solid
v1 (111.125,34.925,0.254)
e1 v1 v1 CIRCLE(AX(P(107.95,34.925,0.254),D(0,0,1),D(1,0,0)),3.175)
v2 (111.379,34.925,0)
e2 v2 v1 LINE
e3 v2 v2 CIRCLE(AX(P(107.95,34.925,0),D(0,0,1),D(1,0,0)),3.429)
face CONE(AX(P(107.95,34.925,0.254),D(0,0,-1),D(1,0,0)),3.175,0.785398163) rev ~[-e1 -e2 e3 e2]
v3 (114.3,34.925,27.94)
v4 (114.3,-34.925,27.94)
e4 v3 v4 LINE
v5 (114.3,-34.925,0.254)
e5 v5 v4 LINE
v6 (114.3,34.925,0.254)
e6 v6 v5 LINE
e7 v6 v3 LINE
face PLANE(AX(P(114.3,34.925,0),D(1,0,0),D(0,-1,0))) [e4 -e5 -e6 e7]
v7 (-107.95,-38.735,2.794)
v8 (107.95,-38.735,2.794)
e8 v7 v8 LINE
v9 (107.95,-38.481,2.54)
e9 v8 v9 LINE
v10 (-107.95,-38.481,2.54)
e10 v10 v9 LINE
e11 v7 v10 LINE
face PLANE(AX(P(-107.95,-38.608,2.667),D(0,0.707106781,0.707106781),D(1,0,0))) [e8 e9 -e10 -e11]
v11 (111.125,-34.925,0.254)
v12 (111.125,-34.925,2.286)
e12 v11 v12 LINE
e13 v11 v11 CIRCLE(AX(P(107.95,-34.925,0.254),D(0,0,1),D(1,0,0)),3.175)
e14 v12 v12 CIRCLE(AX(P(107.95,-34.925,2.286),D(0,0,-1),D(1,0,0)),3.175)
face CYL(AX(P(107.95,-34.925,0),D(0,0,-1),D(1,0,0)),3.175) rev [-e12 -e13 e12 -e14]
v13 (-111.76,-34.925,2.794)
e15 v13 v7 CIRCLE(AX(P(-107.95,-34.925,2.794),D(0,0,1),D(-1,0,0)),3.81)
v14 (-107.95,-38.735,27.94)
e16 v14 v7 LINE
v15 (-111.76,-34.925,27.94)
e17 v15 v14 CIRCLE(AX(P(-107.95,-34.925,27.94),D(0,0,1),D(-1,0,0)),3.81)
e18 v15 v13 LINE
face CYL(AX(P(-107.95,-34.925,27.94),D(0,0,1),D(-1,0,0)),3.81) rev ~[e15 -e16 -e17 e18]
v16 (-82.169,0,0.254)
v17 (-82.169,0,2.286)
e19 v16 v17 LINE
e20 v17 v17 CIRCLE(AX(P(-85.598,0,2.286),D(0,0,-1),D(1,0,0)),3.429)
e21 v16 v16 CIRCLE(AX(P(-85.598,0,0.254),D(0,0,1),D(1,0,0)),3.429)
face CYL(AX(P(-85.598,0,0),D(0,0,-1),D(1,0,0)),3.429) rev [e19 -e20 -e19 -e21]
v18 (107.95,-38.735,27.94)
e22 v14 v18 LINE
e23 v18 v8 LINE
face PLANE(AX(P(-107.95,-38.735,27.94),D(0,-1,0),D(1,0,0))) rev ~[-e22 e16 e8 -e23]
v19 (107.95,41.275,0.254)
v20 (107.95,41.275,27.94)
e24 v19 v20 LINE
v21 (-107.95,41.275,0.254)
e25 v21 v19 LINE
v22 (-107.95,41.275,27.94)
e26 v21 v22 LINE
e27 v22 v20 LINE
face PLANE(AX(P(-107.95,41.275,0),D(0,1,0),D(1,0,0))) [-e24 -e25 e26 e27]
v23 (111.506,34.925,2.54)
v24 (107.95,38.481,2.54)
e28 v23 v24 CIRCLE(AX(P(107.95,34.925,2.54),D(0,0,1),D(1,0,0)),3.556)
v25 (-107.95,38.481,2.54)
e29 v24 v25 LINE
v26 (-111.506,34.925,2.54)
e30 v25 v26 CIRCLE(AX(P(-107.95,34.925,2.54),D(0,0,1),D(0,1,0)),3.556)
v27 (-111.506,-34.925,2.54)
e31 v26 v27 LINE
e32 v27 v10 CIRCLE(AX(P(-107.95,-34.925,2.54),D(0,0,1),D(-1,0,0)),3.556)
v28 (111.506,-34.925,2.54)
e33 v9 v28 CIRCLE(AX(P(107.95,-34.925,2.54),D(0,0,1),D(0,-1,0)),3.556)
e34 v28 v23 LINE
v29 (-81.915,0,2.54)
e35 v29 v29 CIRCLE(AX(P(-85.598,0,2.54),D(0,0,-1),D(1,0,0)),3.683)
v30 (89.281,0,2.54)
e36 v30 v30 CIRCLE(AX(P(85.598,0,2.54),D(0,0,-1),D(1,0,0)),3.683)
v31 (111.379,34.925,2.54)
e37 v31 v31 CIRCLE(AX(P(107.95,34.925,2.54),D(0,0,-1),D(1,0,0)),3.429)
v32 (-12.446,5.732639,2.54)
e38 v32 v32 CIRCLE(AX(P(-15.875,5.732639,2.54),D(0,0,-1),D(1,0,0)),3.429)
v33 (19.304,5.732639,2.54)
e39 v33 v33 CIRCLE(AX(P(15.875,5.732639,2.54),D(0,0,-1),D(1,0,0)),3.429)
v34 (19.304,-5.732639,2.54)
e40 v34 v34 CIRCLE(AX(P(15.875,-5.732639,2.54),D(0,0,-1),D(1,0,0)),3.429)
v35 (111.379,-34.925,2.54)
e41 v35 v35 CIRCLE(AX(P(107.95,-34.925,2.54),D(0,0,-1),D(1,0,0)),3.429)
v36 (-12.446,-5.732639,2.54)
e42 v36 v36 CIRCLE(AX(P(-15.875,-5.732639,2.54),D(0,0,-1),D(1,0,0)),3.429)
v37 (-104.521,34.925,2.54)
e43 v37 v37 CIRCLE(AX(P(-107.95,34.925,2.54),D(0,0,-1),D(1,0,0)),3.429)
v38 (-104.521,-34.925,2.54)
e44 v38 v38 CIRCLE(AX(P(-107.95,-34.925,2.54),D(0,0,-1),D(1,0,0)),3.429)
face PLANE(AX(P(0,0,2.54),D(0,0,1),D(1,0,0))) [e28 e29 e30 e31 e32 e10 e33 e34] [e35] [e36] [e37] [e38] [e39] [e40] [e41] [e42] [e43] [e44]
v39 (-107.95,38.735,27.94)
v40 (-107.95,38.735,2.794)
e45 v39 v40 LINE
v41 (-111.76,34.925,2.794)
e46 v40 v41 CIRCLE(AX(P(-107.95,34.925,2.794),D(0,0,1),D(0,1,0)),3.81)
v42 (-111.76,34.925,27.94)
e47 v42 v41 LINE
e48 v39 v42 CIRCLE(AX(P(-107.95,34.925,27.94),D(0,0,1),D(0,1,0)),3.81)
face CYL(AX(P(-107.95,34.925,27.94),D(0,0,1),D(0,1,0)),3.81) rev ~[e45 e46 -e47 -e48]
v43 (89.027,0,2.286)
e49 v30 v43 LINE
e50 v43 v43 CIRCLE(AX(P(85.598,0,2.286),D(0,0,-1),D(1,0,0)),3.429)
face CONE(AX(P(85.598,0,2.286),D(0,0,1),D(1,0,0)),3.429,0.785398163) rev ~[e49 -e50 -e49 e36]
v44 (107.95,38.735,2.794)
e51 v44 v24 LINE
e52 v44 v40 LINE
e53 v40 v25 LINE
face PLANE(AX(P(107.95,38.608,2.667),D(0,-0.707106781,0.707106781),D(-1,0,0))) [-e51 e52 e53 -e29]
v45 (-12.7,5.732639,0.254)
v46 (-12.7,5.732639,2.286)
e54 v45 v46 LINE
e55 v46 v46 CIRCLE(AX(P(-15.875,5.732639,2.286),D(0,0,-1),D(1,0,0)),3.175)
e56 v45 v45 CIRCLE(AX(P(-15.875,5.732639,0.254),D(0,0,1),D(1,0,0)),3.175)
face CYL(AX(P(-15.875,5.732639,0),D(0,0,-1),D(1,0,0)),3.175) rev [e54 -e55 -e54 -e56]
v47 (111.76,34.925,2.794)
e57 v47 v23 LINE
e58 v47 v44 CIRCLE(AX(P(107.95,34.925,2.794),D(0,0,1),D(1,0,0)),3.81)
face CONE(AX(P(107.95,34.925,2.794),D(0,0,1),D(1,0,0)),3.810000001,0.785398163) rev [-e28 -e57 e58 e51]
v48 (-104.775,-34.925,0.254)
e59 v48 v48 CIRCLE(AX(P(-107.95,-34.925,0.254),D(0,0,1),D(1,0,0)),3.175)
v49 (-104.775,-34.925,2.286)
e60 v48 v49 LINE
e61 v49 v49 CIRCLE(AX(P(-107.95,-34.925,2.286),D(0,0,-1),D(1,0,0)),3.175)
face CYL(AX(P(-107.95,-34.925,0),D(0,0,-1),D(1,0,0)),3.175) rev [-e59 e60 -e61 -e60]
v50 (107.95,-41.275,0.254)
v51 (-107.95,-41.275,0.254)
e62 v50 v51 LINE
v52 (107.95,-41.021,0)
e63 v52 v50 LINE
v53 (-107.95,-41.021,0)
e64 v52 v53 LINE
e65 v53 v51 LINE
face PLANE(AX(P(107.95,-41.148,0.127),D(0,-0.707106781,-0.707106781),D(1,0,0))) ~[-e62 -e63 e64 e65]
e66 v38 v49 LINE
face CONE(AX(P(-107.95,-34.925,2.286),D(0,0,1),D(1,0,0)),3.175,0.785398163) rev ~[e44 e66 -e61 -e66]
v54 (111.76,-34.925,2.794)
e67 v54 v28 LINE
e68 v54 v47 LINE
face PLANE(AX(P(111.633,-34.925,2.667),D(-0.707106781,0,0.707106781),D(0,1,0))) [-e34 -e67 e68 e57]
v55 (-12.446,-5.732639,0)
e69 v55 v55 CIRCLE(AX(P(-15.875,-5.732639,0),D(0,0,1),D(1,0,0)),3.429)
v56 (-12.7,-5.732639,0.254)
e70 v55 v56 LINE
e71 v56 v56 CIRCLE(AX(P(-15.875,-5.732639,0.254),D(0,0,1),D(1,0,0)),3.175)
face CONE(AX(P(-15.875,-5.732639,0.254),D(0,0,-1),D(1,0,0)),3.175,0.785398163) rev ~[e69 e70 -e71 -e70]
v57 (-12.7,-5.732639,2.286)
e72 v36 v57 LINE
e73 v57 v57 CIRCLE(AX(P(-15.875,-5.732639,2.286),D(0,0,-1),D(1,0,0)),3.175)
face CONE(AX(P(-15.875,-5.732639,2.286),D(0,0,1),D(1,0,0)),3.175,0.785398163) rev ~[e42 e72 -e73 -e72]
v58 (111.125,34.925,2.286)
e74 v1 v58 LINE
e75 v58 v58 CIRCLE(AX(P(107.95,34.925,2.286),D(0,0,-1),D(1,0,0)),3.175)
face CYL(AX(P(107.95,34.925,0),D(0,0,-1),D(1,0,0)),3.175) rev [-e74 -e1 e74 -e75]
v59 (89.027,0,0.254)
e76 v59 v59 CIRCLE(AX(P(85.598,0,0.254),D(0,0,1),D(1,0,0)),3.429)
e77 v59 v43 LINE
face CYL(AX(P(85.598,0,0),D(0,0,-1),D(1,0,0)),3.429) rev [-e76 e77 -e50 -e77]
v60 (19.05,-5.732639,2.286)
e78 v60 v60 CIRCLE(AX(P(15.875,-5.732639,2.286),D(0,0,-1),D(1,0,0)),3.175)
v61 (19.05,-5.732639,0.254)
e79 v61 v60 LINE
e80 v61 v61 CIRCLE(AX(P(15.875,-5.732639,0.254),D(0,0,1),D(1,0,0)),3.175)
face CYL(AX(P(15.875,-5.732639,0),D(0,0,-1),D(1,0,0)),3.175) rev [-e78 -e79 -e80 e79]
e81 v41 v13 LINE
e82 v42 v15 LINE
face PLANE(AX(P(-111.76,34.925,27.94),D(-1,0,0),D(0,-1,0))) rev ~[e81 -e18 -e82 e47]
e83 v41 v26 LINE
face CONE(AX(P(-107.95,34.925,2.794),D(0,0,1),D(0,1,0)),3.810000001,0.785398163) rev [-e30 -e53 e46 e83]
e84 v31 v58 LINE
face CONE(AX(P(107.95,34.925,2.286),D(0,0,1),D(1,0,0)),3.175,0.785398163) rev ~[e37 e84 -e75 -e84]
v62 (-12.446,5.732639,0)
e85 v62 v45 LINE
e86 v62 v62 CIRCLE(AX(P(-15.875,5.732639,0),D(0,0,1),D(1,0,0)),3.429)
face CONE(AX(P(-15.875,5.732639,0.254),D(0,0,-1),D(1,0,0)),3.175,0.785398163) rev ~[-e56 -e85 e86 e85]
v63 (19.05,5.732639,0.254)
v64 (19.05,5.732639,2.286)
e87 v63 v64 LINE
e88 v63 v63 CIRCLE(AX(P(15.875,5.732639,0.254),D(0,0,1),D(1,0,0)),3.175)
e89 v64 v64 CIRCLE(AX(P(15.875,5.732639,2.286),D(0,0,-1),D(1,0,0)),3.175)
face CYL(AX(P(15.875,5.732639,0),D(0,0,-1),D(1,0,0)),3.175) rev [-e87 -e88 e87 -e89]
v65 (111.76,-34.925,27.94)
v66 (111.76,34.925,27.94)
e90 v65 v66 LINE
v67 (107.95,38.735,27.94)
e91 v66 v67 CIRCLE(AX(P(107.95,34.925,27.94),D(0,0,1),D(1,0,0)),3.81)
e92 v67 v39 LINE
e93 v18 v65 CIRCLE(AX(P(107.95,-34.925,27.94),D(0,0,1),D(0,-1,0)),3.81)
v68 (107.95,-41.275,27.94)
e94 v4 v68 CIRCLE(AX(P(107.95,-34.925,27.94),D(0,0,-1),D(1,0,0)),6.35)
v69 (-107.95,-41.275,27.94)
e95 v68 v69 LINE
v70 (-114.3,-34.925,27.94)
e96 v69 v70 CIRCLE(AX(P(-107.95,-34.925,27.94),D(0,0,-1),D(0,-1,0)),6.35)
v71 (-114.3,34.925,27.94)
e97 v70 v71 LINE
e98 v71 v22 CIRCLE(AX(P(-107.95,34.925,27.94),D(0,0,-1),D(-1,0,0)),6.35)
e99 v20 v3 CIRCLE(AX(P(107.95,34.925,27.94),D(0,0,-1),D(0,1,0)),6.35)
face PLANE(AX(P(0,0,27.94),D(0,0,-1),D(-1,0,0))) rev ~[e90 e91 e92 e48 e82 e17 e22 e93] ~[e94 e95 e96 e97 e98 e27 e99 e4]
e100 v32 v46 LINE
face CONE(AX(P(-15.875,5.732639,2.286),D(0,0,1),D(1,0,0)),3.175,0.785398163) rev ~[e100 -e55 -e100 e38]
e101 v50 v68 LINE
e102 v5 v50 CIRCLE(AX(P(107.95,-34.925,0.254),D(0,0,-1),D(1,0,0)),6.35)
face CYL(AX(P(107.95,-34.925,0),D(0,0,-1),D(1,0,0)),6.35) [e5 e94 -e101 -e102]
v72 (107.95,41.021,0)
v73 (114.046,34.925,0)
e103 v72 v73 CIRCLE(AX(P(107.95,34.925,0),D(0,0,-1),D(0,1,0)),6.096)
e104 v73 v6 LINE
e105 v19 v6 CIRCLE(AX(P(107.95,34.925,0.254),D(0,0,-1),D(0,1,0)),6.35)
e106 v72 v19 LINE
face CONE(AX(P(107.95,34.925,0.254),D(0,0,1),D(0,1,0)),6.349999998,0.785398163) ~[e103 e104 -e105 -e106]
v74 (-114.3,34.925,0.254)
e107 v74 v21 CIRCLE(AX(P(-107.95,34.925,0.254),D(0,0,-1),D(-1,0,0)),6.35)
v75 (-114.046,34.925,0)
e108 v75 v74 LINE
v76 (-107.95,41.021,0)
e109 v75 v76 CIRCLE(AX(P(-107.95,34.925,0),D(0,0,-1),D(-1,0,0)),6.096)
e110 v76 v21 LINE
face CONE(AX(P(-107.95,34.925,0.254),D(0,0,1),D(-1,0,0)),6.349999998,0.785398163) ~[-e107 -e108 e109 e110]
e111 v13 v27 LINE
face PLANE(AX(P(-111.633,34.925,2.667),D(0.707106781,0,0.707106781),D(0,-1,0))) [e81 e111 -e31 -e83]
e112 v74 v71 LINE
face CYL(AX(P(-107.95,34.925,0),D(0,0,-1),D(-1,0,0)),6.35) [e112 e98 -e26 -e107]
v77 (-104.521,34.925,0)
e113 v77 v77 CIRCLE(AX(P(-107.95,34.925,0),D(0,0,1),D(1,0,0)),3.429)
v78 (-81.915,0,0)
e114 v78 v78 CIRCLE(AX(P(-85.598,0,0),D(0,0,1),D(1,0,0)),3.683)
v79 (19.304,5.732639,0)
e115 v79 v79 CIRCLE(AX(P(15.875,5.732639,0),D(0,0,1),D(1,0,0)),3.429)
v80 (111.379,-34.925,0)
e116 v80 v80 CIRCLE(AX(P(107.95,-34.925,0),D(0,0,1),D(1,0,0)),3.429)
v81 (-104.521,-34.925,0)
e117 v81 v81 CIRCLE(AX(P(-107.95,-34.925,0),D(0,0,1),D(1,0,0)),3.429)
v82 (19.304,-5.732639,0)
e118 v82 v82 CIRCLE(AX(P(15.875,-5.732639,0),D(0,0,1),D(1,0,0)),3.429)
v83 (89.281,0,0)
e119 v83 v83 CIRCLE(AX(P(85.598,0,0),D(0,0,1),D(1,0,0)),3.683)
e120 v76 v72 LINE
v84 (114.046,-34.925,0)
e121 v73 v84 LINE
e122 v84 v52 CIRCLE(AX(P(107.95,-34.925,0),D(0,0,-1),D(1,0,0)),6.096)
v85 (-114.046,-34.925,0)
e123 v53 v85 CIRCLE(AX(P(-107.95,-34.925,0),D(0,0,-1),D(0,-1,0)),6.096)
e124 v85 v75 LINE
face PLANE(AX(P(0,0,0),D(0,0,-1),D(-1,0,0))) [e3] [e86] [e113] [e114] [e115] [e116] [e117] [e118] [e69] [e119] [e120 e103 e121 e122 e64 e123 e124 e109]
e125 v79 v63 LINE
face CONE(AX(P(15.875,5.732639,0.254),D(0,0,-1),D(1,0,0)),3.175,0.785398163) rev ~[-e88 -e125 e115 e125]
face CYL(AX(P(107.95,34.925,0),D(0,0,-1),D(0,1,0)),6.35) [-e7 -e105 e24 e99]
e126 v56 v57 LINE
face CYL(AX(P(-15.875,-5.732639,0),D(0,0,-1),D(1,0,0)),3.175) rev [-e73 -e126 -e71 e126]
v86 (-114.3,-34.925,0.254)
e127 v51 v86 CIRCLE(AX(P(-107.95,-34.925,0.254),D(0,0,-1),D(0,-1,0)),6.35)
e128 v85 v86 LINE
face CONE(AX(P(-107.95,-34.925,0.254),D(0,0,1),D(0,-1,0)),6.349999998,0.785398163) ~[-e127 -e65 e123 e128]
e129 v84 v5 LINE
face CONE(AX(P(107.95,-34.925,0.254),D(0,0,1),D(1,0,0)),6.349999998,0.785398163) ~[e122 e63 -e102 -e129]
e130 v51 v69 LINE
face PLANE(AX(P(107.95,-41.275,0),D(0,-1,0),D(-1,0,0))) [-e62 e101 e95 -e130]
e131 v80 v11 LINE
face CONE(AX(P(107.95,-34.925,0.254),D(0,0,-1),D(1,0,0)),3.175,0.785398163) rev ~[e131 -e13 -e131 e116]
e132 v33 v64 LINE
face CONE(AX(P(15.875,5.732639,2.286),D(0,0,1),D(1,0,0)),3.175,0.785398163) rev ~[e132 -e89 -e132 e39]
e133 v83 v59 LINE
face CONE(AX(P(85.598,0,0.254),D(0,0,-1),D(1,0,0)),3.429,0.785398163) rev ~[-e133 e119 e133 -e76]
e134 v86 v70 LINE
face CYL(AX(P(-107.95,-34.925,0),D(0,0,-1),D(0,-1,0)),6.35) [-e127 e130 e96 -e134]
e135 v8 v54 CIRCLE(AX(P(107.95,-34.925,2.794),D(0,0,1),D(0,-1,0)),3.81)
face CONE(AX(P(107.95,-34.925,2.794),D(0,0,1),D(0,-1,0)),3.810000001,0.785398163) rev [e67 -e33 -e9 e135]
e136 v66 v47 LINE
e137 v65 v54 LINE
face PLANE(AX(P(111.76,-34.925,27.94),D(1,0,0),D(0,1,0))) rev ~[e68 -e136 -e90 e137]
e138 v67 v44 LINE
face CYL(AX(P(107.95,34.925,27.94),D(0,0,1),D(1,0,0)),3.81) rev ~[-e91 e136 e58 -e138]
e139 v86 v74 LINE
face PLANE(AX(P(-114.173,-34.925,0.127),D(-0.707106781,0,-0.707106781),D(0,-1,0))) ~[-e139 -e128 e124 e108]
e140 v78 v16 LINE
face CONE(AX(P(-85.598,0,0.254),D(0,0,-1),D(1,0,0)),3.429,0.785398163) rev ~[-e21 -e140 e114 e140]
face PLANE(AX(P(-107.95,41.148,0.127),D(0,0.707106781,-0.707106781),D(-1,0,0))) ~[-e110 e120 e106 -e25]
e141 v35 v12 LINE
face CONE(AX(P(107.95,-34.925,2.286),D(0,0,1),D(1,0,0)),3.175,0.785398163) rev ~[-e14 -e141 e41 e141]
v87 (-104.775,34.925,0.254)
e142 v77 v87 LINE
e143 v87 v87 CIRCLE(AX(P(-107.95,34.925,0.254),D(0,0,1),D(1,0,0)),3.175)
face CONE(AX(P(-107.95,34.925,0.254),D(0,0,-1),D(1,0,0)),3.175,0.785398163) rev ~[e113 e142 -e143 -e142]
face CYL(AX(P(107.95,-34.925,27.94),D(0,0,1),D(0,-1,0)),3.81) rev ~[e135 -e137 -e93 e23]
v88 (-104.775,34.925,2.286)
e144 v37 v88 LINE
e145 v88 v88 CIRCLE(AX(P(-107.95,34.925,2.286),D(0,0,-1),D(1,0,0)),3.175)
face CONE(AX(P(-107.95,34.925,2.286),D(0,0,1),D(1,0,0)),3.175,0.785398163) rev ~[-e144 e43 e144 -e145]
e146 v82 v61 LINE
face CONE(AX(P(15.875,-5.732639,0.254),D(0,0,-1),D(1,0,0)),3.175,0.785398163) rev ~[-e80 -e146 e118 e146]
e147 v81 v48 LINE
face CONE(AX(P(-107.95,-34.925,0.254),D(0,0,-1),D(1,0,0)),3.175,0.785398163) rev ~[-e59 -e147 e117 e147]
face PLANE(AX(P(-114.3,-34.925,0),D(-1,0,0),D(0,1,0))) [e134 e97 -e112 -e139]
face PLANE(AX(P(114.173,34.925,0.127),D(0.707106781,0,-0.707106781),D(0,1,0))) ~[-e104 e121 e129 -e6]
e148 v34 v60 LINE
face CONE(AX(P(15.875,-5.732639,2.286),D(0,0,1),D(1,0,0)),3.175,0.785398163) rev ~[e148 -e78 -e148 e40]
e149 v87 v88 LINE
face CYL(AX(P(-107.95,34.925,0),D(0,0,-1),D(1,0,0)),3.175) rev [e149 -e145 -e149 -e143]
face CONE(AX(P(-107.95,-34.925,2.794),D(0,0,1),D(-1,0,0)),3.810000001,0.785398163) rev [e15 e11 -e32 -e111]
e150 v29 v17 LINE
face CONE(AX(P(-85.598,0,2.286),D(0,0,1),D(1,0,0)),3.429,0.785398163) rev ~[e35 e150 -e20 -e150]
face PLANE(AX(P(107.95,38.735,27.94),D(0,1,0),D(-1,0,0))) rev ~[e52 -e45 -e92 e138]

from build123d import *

# Parameters (mm, degrees)
SKETCH3_R           = 3.175
SKETCH3_R_2         = 3.429
BOSS_EXTRUDE1_DEPTH = 27.94
CUT_EXTRUDE1_DEPTH  = 25.4
CHAMFER1_SIZE       = 0.254
CHAMFER2_SIZE       = 0.254


with BuildPart() as part:
    # Sketch3 → Boss-Extrude1 (new body)
    with BuildSketch(Plane.XY):
        with BuildLine():
            Line((107.95, -41.275), (-107.95, -41.275))
            ThreePointArc((-107.95, -41.275), (-112.440128061, -39.415128061), (-114.3, -34.925))
            Line((-114.3, -34.925), (-114.3, 34.925))
            ThreePointArc((-114.3, 34.925), (-112.440128061, 39.415128061), (-107.95, 41.275))
            Line((-107.95, 41.275), (107.95, 41.275))
            ThreePointArc((107.95, 41.275), (112.440128061, 39.415128061), (114.3, 34.925))
            Line((114.3, 34.925), (114.3, -34.925))
            ThreePointArc((114.3, -34.925), (112.440128061, -39.415128061), (107.95, -41.275))
        make_face()
        with Locations((-107.95, 34.925)):
            Circle(SKETCH3_R, mode=Mode.SUBTRACT)
        with Locations((-107.95, -34.925)):
            Circle(SKETCH3_R, mode=Mode.SUBTRACT)
        with Locations((107.95, -34.925)):
            Circle(SKETCH3_R, mode=Mode.SUBTRACT)
        with Locations((107.95, 34.925)):
            Circle(SKETCH3_R, mode=Mode.SUBTRACT)
        with Locations((-85.598, 0)):
            Circle(SKETCH3_R_2, mode=Mode.SUBTRACT)
        with Locations((85.598, 0)):
            Circle(SKETCH3_R_2, mode=Mode.SUBTRACT)
        with Locations((-15.875, 5.732638889)):
            Circle(SKETCH3_R, mode=Mode.SUBTRACT)
        with Locations((15.875, 5.732638889)):
            Circle(SKETCH3_R, mode=Mode.SUBTRACT)
        with Locations((15.875, -5.732638889)):
            Circle(SKETCH3_R, mode=Mode.SUBTRACT)
        with Locations((-15.875, -5.732638889)):
            Circle(SKETCH3_R, mode=Mode.SUBTRACT)
    extrude(amount=BOSS_EXTRUDE1_DEPTH)

    # Sketch4 → Cut-Extrude1 (cut)
    with BuildSketch(Plane.XY.offset(27.94)):
        with BuildLine():
            Line((107.95, 38.735), (-107.95, 38.735))
            ThreePointArc((-107.95, 38.735), (-110.644076836, 37.619076836), (-111.76, 34.925))
            Line((-111.76, 34.925), (-111.76, -34.925))
            ThreePointArc((-111.76, -34.925), (-110.644076836, -37.619076836), (-107.95, -38.735))
            Line((-107.95, -38.735), (107.95, -38.735))
            ThreePointArc((107.95, -38.735), (110.644076836, -37.619076836), (111.76, -34.925))
            Line((111.76, -34.925), (111.76, 34.925))
            ThreePointArc((111.76, 34.925), (110.644076836, 37.619076836), (107.95, 38.735))
        make_face()
    extrude(amount=-CUT_EXTRUDE1_DEPTH, mode=Mode.SUBTRACT)

    # Chamfer1
    chamfer1_edges = [part.edges().sort_by_distance(p)[0] for p in [
        (0, 41.275, 0),
        (112.440128061, 39.415128061, 0),
        (-89.027, 0, 0),
        (82.169, 0, 0),
        (-111.125, 34.925, 0),
        (-111.125, -34.925, 0),
        (104.775, -34.925, 0),
        (104.775, 34.925, 0),
        (-19.05, 5.732638889, 0),
        (12.7, 5.732638889, 0),
        (12.7, -5.732638889, 0),
        (-19.05, -5.732638889, 0),
        (114.3, 0, 0),
        (112.440128061, -39.415128061, 0),
        (0, -41.275, 0),
        (-112.440128061, -39.415128061, 0),
        (-114.3, 0, 0),
        (-112.440128061, 39.415128061, 0),
    ]]
    chamfer(chamfer1_edges, length=CHAMFER1_SIZE)

    # Chamfer2
    chamfer2_edges = [part.edges().sort_by_distance(p)[0] for p in [
        (111.76, 0, 2.54),
        (110.644076836, -37.619076836, 2.54),
        (0, -38.735, 2.54),
        (-110.644076836, -37.619076836, 2.54),
        (-111.76, 0, 2.54),
        (-110.644076836, 37.619076836, 2.54),
        (0, 38.735, 2.54),
        (110.644076836, 37.619076836, 2.54),
        (-89.027, 0, 2.54),
        (82.169, 0, 2.54),
        (-111.125, 34.925, 2.54),
        (-111.125, -34.925, 2.54),
        (104.775, -34.925, 2.54),
        (104.775, 34.925, 2.54),
        (-19.05, 5.732638889, 2.54),
        (12.7, 5.732638889, 2.54),
        (12.7, -5.732638889, 2.54),
        (-19.05, -5.732638889, 2.54),
    ]]
    chamfer(chamfer2_edges, length=CHAMFER2_SIZE)


solid = part.part
